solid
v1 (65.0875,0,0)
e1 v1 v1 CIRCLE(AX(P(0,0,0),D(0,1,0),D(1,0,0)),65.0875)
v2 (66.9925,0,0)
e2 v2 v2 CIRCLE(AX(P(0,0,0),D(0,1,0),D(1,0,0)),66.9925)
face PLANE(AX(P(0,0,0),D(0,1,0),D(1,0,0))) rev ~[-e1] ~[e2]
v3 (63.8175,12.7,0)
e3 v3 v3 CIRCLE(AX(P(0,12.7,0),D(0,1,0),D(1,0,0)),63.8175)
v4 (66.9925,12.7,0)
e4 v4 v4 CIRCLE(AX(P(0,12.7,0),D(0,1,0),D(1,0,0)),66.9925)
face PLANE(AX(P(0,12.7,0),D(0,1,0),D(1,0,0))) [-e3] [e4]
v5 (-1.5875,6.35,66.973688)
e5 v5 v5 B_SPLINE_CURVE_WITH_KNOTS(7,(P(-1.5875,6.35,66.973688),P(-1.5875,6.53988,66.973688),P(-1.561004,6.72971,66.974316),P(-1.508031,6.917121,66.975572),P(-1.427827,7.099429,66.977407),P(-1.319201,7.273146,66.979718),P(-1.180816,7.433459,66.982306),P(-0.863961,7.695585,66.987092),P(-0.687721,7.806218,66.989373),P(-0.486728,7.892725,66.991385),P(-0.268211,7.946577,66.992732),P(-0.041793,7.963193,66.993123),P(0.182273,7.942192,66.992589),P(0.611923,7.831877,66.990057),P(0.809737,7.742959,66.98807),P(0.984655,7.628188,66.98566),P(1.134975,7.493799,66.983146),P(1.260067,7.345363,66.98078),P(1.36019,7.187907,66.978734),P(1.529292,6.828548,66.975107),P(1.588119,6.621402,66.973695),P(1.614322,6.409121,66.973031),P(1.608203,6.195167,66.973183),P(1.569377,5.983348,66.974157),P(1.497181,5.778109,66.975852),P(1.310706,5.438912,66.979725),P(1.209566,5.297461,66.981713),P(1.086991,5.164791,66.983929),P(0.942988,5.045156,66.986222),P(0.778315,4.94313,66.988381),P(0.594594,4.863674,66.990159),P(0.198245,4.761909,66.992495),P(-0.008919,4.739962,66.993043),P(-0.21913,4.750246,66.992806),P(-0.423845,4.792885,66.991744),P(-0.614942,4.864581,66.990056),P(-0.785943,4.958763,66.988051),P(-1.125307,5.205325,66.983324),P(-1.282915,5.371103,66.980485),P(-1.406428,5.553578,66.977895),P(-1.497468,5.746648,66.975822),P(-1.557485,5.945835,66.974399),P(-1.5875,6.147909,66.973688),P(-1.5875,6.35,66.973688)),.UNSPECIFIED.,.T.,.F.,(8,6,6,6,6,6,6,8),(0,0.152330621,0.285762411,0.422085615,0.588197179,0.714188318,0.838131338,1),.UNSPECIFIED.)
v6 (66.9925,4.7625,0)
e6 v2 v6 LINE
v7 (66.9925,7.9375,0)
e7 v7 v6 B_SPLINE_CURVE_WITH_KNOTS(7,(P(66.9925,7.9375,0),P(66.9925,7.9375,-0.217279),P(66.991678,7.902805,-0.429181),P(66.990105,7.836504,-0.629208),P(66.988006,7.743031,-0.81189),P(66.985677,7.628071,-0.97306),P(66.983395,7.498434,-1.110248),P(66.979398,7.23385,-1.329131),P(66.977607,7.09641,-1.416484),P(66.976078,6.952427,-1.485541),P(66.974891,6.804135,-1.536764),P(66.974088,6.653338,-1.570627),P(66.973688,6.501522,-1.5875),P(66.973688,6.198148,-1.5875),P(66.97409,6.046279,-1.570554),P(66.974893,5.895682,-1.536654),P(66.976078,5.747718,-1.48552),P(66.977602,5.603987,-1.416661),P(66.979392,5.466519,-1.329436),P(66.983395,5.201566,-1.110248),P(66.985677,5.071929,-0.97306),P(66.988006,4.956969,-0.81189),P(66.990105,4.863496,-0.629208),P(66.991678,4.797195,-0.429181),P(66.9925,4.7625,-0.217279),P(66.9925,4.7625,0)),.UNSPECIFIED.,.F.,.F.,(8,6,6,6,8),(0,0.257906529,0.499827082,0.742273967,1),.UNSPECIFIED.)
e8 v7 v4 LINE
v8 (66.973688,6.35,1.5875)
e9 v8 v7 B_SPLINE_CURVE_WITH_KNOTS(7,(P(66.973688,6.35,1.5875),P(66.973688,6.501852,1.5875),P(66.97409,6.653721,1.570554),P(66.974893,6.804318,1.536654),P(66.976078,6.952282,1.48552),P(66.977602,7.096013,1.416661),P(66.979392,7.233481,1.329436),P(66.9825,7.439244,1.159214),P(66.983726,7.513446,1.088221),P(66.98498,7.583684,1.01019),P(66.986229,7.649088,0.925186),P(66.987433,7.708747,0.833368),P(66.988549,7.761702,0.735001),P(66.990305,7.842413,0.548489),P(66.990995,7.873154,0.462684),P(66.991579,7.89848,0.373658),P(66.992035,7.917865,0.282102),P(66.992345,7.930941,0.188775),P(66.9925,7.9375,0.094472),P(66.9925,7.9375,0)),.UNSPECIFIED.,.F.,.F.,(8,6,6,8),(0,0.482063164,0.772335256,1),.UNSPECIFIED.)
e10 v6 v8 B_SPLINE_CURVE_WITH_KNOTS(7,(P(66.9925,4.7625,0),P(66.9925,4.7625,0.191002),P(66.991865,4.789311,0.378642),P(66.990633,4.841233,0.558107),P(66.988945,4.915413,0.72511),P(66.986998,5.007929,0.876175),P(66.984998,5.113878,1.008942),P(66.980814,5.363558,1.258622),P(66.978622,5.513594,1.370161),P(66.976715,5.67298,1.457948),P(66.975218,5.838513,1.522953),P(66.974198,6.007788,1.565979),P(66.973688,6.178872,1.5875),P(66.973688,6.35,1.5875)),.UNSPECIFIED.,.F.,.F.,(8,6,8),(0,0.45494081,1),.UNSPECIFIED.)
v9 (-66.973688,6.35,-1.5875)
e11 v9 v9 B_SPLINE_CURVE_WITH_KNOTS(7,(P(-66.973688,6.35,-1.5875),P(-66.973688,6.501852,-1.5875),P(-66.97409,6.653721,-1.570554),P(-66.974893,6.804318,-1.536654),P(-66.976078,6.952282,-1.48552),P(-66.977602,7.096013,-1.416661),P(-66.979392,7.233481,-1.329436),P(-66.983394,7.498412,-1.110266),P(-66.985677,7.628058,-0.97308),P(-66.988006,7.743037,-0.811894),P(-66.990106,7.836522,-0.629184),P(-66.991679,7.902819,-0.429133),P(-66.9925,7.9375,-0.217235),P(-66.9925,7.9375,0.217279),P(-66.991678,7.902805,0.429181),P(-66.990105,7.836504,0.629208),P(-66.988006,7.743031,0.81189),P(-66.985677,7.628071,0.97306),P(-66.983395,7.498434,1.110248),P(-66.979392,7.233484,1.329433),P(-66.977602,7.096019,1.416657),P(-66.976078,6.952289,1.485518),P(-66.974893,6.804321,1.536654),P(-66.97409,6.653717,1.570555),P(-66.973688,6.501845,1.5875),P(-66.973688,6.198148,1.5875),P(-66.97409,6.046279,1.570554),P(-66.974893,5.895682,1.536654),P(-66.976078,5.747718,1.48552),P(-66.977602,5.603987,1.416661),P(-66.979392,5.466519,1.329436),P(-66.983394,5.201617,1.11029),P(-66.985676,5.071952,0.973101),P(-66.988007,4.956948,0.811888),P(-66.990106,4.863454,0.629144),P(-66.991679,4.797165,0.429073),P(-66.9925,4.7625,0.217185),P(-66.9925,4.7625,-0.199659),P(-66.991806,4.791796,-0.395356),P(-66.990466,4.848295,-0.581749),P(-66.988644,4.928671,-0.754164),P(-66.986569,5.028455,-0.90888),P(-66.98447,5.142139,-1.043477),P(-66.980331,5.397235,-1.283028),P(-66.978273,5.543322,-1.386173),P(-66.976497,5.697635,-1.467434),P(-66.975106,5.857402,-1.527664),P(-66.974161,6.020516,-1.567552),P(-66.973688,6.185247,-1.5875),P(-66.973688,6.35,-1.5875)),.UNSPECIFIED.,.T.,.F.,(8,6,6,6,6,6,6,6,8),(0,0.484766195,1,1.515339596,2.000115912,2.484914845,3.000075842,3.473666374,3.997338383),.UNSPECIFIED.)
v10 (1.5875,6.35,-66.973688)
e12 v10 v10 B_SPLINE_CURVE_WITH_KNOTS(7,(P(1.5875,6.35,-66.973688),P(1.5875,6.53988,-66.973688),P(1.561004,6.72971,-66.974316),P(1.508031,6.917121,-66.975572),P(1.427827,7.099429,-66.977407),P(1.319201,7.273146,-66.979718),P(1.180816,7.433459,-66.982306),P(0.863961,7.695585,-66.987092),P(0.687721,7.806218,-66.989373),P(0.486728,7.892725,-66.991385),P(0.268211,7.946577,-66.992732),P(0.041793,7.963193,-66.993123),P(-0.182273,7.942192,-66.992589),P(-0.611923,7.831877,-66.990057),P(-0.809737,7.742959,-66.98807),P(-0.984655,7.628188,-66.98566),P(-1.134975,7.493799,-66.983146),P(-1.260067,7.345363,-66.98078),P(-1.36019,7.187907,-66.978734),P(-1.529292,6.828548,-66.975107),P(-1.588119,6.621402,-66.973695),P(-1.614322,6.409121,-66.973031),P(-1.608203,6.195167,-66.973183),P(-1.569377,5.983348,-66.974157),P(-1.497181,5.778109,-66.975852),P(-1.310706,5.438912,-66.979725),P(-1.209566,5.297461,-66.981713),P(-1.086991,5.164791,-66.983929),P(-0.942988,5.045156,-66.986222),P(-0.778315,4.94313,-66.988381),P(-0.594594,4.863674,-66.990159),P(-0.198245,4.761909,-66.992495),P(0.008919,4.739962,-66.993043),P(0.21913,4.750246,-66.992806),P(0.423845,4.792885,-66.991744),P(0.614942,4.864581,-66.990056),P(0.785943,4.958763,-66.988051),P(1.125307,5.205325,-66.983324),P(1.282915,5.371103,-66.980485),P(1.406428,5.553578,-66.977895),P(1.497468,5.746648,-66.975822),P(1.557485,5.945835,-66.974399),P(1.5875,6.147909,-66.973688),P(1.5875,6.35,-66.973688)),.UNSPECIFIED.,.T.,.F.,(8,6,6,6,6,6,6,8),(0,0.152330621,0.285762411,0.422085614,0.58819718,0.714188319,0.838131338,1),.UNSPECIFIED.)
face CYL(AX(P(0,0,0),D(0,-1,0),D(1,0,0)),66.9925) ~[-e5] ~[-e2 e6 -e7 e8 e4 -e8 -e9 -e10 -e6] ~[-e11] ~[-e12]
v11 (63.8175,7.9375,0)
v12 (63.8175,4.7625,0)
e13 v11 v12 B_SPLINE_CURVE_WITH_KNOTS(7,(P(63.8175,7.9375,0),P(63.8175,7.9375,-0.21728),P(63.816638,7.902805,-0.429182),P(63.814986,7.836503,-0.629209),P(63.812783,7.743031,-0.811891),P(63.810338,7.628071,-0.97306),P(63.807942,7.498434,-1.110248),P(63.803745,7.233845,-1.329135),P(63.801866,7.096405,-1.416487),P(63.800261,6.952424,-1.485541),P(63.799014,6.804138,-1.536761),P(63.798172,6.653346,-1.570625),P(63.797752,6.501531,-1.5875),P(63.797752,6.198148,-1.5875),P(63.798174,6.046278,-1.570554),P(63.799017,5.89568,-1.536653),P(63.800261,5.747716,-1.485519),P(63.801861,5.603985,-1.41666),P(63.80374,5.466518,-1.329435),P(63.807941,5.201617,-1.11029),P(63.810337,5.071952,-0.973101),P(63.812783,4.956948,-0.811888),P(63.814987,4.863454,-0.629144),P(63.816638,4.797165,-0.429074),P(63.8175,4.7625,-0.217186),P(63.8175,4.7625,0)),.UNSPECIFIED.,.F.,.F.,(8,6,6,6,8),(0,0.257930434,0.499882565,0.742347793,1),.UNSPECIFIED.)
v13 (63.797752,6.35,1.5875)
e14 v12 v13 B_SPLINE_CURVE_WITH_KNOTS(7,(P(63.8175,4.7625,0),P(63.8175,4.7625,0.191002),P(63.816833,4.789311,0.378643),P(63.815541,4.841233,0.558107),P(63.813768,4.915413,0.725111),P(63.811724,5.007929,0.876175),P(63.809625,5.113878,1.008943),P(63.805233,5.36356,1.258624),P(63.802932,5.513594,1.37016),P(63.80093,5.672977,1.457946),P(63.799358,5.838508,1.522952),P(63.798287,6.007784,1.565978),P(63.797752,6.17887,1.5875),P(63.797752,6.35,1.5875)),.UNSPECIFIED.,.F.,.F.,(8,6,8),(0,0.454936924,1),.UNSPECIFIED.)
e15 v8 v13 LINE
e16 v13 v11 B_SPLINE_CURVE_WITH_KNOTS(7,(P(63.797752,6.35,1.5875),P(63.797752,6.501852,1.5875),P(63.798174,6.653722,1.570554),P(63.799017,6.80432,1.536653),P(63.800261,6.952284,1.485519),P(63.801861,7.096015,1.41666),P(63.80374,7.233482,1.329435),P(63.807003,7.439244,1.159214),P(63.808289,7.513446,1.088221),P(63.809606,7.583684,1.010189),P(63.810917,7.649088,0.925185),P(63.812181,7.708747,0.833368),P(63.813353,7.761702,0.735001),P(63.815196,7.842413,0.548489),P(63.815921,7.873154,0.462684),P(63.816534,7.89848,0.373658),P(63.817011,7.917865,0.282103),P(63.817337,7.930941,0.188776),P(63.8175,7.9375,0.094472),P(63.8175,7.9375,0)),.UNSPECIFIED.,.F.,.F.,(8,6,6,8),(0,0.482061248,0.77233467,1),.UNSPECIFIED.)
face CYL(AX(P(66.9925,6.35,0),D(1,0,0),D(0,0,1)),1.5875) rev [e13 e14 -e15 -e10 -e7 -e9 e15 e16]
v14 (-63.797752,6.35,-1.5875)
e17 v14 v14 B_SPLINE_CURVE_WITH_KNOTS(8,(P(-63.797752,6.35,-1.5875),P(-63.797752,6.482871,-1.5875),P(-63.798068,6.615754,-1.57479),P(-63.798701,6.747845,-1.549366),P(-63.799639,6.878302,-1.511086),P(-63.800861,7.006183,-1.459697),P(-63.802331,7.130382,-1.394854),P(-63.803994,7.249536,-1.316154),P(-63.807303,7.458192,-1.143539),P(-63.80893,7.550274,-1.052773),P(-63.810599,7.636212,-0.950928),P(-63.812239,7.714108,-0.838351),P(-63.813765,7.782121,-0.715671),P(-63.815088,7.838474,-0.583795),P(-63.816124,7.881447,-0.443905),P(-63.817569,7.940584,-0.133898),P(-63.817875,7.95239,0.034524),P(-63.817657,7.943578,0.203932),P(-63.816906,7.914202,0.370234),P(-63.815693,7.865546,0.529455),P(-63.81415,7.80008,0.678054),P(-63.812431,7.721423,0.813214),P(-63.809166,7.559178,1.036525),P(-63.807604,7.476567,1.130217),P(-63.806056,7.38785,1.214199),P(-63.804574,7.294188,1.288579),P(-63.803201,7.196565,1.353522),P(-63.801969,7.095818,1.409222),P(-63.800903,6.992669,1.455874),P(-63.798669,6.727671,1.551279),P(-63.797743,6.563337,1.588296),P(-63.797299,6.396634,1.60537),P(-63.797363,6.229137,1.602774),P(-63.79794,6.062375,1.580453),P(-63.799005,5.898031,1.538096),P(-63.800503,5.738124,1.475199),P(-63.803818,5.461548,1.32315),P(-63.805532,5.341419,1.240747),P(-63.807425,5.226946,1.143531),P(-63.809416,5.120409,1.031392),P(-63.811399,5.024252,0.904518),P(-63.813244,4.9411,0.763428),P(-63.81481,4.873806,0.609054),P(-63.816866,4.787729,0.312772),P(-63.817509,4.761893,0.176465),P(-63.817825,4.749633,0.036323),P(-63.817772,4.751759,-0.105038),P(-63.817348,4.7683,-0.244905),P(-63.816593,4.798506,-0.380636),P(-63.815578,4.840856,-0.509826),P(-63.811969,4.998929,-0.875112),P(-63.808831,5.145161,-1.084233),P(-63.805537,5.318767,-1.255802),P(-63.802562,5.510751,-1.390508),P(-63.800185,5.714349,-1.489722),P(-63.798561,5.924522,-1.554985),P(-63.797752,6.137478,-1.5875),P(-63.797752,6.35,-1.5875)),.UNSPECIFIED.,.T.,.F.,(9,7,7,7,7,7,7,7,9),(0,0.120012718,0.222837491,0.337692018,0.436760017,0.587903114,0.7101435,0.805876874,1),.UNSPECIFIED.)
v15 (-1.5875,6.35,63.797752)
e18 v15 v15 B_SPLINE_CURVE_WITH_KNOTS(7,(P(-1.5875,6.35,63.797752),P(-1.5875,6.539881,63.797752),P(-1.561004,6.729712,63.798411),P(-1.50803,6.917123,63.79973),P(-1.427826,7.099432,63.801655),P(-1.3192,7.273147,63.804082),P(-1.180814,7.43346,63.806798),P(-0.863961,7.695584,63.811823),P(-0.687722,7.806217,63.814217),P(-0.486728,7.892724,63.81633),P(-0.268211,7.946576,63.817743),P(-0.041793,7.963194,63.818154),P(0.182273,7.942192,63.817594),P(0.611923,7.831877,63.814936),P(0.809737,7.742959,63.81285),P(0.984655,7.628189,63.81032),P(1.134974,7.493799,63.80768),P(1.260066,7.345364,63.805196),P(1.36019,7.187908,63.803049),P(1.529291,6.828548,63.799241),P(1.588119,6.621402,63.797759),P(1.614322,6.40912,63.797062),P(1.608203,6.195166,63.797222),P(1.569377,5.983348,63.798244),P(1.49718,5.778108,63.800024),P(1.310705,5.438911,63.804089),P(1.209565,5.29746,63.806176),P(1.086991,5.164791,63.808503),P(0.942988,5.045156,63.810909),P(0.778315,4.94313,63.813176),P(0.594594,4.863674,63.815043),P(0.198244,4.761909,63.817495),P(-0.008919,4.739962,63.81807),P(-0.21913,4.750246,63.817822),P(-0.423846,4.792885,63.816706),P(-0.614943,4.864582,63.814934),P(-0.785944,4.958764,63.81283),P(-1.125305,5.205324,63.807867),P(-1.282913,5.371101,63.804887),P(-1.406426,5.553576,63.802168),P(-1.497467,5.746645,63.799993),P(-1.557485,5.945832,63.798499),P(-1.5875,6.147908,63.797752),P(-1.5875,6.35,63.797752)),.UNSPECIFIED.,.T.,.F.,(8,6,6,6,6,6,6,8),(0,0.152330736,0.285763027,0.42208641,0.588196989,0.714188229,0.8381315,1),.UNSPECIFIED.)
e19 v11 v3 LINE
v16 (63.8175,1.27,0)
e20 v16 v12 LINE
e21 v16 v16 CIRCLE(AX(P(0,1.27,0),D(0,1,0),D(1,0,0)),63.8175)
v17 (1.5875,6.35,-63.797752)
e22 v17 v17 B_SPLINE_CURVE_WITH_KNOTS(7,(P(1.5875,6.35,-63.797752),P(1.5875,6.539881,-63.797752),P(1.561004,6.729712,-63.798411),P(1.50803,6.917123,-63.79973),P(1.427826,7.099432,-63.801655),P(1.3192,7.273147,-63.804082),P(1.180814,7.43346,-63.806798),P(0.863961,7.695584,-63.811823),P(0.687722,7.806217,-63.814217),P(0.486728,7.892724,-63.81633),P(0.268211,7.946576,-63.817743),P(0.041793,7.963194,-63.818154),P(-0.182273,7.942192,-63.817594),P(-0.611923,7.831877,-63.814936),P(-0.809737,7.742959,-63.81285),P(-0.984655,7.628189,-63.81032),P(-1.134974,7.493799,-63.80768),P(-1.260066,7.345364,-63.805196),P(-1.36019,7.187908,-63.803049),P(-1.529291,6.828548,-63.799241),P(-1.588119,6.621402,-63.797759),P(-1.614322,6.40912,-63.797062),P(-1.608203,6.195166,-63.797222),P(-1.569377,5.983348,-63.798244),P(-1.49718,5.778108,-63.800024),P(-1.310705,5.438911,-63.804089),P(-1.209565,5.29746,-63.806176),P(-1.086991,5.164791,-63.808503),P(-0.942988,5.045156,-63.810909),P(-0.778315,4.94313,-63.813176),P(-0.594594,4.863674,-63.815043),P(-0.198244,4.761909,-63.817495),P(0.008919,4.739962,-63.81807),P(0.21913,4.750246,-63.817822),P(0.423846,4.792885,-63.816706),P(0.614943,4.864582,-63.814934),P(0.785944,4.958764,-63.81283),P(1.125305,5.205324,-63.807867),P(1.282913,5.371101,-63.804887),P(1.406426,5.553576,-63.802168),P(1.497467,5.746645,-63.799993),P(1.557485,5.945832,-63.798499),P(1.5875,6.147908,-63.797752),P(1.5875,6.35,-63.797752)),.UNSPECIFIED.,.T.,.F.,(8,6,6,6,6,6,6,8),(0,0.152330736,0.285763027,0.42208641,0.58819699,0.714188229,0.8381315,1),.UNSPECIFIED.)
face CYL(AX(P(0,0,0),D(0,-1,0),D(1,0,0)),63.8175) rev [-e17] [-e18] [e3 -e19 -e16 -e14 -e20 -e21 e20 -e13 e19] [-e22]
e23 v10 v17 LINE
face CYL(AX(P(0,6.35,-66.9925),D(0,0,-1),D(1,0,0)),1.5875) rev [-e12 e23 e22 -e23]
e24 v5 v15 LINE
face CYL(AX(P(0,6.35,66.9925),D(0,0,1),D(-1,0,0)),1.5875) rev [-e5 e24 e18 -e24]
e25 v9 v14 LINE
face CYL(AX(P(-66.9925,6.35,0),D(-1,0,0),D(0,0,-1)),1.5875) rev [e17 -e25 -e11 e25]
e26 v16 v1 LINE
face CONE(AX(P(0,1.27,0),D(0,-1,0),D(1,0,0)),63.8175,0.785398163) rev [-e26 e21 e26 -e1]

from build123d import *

# Parameters (mm, degrees)
SKETCH1_R           = 66.9925
SKETCH1_R_2         = 63.8175
BOSS_EXTRUDE1_DEPTH = 12.7
CUT_EXTRUDE1_START  = -66.9925
SKETCH2_R           = 1.5875
CUT_EXTRUDE1_DEPTH  = 3.194748
CIRPATTERN1_COUNT   = 4
CHAMFER1_SIZE       = 1.27


with BuildPart() as part:
    # Sketch1 → Boss-Extrude1 (new body)
    with BuildSketch(Plane(origin=(0, 0, 0), x_dir=(1, 0, 0), z_dir=(0, 1, 0))):
        Circle(SKETCH1_R)
        Circle(SKETCH1_R_2, mode=Mode.SUBTRACT)
    extrude(amount=BOSS_EXTRUDE1_DEPTH)

    # Sketch2 → Cut-Extrude1 (cut)
    with BuildSketch(Plane.XY.offset(CUT_EXTRUDE1_START)):
        with Locations((0, 6.35)):
            Circle(SKETCH2_R)
    cut_extrude1 = extrude(amount=CUT_EXTRUDE1_DEPTH, mode=Mode.SUBTRACT)

    # CirPattern1: Cut-Extrude1 ×4 about axis
    cirpattern1_axis = Axis((0, 12.7, 0), (0, -1, 0))
    for i in range(1, CIRPATTERN1_COUNT):
        add(cut_extrude1.rotate(cirpattern1_axis, i * 360 / CIRPATTERN1_COUNT), mode=Mode.SUBTRACT)

    # Chamfer1
    chamfer1_edges = [part.edges().sort_by_distance(p)[0] for p in [
        (-63.8175, 0, 0),
    ]]
    chamfer(chamfer1_edges, length=CHAMFER1_SIZE)


solid = part.part
